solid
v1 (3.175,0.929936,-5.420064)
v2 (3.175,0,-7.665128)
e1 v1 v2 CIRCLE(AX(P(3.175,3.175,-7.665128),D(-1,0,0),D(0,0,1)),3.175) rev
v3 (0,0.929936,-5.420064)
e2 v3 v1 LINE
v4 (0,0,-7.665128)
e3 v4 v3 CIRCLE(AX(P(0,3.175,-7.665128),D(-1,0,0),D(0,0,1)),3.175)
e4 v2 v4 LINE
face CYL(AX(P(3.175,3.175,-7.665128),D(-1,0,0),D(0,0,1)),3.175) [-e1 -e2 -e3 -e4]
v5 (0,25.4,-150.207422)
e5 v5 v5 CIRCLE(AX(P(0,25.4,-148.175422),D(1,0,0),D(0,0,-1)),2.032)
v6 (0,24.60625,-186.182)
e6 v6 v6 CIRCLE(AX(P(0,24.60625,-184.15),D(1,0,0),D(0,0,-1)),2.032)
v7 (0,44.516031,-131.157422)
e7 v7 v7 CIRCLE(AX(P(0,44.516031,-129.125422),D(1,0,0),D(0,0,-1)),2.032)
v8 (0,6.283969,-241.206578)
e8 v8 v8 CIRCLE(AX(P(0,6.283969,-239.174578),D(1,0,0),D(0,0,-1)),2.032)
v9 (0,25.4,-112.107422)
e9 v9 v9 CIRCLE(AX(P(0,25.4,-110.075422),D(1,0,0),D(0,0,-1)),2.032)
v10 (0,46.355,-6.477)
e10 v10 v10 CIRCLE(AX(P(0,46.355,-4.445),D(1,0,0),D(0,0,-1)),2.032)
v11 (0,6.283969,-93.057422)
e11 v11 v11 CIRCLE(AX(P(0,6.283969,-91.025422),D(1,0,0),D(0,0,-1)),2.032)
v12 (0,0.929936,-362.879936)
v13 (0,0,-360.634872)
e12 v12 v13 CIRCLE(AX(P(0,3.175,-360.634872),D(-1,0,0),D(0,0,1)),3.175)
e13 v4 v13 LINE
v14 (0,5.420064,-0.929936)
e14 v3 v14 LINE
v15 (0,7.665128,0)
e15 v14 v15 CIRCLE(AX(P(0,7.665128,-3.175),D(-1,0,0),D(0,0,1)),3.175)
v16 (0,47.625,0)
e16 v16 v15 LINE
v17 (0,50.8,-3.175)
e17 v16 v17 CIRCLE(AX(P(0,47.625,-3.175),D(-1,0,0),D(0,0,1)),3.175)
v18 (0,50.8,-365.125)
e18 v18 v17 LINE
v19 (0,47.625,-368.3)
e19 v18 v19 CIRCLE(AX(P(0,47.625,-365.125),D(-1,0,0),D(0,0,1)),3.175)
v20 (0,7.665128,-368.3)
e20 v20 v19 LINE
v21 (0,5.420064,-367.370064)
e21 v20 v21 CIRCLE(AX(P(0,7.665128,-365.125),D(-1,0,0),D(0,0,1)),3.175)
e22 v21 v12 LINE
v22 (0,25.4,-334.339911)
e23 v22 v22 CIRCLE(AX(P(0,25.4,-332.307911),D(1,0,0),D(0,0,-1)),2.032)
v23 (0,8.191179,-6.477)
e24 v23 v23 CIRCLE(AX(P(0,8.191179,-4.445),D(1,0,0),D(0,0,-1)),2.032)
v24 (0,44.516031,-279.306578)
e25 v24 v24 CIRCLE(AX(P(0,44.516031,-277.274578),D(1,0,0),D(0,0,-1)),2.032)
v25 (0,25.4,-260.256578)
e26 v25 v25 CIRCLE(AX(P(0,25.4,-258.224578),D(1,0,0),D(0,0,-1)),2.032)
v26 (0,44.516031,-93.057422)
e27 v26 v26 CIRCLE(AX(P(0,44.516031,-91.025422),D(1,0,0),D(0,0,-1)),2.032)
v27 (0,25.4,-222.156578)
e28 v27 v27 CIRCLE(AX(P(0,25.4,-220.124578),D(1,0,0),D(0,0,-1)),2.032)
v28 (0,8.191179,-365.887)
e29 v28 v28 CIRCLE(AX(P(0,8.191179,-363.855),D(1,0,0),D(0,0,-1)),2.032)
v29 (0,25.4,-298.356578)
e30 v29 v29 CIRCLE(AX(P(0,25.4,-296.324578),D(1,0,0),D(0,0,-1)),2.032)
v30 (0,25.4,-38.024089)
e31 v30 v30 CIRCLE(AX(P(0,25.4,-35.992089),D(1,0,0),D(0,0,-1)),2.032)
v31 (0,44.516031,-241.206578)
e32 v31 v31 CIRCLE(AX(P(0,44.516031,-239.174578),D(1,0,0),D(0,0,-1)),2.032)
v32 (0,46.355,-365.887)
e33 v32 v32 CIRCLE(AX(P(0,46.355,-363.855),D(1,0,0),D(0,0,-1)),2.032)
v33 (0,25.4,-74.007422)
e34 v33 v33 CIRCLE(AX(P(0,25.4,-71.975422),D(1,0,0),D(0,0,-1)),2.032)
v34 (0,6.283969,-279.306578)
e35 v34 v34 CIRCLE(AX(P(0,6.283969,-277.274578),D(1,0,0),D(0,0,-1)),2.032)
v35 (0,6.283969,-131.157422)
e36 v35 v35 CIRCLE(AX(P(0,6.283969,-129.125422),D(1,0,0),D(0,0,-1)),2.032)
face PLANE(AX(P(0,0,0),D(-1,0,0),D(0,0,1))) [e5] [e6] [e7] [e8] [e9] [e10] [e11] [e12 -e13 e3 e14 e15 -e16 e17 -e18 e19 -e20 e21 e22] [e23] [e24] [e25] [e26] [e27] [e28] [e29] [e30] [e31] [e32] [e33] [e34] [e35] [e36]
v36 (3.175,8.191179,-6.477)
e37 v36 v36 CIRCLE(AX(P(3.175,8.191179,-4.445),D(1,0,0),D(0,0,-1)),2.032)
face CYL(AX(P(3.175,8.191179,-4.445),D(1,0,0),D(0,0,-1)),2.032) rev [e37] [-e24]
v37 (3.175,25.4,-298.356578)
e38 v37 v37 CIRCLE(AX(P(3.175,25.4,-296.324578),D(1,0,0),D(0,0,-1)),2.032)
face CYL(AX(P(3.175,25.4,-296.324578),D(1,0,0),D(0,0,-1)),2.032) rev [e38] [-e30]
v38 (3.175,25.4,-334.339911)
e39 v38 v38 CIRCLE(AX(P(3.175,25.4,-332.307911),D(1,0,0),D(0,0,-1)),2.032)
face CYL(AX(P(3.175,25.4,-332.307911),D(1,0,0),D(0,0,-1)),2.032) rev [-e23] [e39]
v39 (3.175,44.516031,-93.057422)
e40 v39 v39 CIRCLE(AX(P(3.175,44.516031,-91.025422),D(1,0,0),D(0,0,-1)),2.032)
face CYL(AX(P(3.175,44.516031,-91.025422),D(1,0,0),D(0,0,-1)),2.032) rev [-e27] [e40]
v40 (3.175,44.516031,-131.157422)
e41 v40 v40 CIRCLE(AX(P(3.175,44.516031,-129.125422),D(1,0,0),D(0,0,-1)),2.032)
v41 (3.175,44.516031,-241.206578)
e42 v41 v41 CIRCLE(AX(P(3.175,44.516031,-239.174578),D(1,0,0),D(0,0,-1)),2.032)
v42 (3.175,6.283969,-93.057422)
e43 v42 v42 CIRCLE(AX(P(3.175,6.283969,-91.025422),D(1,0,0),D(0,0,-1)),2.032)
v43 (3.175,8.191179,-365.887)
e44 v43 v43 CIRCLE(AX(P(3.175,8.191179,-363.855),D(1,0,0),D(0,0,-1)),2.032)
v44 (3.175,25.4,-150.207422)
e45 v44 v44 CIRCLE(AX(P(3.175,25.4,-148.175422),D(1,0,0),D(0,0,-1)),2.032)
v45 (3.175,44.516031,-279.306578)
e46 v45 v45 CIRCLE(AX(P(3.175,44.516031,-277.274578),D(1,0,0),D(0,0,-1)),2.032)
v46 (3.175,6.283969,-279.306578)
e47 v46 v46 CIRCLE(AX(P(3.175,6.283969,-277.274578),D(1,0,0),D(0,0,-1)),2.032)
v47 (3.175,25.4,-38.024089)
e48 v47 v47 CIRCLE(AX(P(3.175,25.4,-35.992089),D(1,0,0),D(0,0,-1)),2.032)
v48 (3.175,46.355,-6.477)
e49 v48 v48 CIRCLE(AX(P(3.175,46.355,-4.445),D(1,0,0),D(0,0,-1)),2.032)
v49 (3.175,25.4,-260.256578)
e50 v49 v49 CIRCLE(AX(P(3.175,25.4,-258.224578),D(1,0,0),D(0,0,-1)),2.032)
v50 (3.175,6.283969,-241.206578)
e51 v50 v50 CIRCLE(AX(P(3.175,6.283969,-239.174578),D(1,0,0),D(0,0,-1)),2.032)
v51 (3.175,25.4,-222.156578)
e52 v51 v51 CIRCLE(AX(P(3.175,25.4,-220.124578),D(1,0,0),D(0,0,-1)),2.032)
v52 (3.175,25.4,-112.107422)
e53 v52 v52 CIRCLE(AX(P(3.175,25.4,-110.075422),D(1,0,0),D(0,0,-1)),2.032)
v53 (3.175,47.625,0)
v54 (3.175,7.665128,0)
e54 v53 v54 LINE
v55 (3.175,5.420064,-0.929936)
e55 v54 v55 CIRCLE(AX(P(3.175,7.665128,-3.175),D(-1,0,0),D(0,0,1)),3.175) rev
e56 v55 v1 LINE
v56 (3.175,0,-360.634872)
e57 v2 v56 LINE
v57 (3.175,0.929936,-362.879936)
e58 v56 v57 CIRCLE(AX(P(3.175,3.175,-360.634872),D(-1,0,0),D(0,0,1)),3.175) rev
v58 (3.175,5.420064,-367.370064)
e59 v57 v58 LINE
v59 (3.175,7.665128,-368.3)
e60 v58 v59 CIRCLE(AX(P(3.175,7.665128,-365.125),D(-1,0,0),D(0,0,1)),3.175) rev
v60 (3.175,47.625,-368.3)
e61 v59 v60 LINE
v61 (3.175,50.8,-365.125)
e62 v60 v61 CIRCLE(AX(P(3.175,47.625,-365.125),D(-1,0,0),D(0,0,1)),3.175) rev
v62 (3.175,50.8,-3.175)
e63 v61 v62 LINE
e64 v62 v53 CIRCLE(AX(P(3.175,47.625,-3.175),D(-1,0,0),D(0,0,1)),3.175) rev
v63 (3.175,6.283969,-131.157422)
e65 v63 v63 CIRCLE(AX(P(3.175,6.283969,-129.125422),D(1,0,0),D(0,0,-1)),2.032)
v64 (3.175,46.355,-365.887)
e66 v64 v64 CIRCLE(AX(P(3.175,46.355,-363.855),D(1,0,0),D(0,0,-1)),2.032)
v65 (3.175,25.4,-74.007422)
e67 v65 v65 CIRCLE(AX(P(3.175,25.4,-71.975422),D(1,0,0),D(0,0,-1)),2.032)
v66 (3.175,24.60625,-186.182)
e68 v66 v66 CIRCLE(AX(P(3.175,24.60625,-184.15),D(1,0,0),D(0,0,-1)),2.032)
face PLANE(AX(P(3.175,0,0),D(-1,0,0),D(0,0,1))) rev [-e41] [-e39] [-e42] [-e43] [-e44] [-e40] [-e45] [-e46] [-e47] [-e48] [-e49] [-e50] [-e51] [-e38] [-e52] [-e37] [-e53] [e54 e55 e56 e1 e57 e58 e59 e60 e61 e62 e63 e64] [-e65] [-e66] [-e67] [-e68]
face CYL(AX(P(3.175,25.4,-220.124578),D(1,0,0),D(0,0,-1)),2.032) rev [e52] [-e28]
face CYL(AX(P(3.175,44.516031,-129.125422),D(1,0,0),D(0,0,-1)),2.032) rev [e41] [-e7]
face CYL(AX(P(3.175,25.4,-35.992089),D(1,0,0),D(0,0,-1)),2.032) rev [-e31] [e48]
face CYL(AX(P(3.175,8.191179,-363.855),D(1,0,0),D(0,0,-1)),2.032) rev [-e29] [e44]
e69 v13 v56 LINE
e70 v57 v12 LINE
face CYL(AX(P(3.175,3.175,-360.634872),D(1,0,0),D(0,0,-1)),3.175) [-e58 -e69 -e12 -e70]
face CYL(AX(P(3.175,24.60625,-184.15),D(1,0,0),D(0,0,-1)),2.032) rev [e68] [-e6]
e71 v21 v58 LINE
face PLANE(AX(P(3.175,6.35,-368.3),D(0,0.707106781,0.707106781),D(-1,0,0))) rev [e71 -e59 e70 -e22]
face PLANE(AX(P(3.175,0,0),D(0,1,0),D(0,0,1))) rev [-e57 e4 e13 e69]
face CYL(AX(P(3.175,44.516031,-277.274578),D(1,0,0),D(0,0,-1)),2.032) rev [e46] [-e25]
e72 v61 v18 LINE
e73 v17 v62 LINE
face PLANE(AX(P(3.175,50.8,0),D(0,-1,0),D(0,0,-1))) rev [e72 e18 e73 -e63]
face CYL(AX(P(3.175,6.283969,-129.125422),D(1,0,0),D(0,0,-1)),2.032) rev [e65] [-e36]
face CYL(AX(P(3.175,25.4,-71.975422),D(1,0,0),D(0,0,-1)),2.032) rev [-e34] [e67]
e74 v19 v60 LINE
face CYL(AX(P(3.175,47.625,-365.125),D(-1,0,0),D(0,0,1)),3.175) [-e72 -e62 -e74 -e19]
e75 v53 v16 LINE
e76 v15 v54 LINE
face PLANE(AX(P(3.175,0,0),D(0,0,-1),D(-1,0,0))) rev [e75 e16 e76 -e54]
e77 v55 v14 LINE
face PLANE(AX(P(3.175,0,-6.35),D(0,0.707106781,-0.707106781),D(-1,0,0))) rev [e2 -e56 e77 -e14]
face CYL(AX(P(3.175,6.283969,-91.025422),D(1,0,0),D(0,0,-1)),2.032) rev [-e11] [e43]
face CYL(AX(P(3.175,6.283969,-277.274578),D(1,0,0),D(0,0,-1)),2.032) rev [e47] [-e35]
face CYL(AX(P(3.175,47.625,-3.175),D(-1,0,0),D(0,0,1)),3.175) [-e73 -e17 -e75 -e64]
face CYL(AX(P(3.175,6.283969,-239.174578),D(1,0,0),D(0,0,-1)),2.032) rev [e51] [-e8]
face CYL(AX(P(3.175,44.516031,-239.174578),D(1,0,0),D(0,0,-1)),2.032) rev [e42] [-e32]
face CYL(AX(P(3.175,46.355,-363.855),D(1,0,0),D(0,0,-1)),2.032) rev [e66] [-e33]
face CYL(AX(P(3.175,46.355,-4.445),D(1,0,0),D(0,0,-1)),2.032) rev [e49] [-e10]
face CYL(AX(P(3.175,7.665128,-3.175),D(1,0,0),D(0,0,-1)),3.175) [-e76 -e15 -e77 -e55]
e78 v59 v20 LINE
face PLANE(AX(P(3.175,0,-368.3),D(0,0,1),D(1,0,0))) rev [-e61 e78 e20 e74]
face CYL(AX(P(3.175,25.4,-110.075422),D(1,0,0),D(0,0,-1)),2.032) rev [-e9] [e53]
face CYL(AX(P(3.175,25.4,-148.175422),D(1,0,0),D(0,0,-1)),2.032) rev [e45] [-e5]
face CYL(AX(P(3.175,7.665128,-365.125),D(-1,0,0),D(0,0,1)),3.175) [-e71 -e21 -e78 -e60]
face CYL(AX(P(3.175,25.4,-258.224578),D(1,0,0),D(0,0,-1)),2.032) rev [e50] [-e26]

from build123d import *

# Parameters (mm, degrees)
SKETCH1_W                 = 368.3
SKETCH1_H                 = 50.8
BOSS_EXTRUDE1_DEPTH       = 3.175
CHAMFER1_SIZE             = 6.35
FILLET1_R                 = 3.175
F_8_0_16_DIAMETER_HOLE1_D = 4.064


with BuildPart() as part:
    # Sketch1 → Boss-Extrude1 (new body)
    with BuildSketch(Plane(origin=(0, 0, 0), x_dir=(0, 0, -1), z_dir=(1, 0, 0))):
        with Locations((184.15, 25.4)):
            Rectangle(SKETCH1_W, SKETCH1_H)
    extrude(amount=BOSS_EXTRUDE1_DEPTH)

    # Chamfer1
    chamfer1_edges = [part.edges().sort_by_distance(p)[0] for p in [
        (1.5875, 0, -368.3),
        (1.5875, 0, 0),
    ]]
    chamfer(chamfer1_edges, length=CHAMFER1_SIZE)

    # Fillet1
    fillet1_edges = [part.edges().sort_by_distance(p)[0] for p in [
        (1.5875, 6.35, -368.3),
        (1.5875, 0, -6.35),
        (1.5875, 0, -361.95),
        (1.5875, 6.35, 0),
        (1.5875, 50.8, 0),
        (1.5875, 50.8, -368.3),
    ]]
    fillet(fillet1_edges, radius=FILLET1_R)

    # #8 (0.16) Diameter Hole1 (through all)
    with Locations(Plane(origin=(3.175, 0, 0), x_dir=(0, 0, -1), z_dir=(1, 0, 0))):
        with Locations((91.025422327, 6.283968606), (91.025422327, 44.516031394), (71.975422327, 25.4), (35.992088994, 25.4), (148.175422327, 25.4), (129.125422327, 6.283968606), (110.075422327, 25.4), (129.125422327, 44.516031394), (184.15, 24.60625), (220.124577673, 25.4), (239.174577673, 6.283968606), (239.174577673, 44.516031394), (258.224577673, 25.4), (277.274577673, 6.283968606), (277.274577673, 44.516031394), (296.324577673, 25.4), (332.307911006, 25.4), (363.855, 46.355), (4.445, 46.355), (4.445, 8.191179285), (363.855, 8.191179285)):
            Hole(F_8_0_16_DIAMETER_HOLE1_D / 2)


solid = part.part
